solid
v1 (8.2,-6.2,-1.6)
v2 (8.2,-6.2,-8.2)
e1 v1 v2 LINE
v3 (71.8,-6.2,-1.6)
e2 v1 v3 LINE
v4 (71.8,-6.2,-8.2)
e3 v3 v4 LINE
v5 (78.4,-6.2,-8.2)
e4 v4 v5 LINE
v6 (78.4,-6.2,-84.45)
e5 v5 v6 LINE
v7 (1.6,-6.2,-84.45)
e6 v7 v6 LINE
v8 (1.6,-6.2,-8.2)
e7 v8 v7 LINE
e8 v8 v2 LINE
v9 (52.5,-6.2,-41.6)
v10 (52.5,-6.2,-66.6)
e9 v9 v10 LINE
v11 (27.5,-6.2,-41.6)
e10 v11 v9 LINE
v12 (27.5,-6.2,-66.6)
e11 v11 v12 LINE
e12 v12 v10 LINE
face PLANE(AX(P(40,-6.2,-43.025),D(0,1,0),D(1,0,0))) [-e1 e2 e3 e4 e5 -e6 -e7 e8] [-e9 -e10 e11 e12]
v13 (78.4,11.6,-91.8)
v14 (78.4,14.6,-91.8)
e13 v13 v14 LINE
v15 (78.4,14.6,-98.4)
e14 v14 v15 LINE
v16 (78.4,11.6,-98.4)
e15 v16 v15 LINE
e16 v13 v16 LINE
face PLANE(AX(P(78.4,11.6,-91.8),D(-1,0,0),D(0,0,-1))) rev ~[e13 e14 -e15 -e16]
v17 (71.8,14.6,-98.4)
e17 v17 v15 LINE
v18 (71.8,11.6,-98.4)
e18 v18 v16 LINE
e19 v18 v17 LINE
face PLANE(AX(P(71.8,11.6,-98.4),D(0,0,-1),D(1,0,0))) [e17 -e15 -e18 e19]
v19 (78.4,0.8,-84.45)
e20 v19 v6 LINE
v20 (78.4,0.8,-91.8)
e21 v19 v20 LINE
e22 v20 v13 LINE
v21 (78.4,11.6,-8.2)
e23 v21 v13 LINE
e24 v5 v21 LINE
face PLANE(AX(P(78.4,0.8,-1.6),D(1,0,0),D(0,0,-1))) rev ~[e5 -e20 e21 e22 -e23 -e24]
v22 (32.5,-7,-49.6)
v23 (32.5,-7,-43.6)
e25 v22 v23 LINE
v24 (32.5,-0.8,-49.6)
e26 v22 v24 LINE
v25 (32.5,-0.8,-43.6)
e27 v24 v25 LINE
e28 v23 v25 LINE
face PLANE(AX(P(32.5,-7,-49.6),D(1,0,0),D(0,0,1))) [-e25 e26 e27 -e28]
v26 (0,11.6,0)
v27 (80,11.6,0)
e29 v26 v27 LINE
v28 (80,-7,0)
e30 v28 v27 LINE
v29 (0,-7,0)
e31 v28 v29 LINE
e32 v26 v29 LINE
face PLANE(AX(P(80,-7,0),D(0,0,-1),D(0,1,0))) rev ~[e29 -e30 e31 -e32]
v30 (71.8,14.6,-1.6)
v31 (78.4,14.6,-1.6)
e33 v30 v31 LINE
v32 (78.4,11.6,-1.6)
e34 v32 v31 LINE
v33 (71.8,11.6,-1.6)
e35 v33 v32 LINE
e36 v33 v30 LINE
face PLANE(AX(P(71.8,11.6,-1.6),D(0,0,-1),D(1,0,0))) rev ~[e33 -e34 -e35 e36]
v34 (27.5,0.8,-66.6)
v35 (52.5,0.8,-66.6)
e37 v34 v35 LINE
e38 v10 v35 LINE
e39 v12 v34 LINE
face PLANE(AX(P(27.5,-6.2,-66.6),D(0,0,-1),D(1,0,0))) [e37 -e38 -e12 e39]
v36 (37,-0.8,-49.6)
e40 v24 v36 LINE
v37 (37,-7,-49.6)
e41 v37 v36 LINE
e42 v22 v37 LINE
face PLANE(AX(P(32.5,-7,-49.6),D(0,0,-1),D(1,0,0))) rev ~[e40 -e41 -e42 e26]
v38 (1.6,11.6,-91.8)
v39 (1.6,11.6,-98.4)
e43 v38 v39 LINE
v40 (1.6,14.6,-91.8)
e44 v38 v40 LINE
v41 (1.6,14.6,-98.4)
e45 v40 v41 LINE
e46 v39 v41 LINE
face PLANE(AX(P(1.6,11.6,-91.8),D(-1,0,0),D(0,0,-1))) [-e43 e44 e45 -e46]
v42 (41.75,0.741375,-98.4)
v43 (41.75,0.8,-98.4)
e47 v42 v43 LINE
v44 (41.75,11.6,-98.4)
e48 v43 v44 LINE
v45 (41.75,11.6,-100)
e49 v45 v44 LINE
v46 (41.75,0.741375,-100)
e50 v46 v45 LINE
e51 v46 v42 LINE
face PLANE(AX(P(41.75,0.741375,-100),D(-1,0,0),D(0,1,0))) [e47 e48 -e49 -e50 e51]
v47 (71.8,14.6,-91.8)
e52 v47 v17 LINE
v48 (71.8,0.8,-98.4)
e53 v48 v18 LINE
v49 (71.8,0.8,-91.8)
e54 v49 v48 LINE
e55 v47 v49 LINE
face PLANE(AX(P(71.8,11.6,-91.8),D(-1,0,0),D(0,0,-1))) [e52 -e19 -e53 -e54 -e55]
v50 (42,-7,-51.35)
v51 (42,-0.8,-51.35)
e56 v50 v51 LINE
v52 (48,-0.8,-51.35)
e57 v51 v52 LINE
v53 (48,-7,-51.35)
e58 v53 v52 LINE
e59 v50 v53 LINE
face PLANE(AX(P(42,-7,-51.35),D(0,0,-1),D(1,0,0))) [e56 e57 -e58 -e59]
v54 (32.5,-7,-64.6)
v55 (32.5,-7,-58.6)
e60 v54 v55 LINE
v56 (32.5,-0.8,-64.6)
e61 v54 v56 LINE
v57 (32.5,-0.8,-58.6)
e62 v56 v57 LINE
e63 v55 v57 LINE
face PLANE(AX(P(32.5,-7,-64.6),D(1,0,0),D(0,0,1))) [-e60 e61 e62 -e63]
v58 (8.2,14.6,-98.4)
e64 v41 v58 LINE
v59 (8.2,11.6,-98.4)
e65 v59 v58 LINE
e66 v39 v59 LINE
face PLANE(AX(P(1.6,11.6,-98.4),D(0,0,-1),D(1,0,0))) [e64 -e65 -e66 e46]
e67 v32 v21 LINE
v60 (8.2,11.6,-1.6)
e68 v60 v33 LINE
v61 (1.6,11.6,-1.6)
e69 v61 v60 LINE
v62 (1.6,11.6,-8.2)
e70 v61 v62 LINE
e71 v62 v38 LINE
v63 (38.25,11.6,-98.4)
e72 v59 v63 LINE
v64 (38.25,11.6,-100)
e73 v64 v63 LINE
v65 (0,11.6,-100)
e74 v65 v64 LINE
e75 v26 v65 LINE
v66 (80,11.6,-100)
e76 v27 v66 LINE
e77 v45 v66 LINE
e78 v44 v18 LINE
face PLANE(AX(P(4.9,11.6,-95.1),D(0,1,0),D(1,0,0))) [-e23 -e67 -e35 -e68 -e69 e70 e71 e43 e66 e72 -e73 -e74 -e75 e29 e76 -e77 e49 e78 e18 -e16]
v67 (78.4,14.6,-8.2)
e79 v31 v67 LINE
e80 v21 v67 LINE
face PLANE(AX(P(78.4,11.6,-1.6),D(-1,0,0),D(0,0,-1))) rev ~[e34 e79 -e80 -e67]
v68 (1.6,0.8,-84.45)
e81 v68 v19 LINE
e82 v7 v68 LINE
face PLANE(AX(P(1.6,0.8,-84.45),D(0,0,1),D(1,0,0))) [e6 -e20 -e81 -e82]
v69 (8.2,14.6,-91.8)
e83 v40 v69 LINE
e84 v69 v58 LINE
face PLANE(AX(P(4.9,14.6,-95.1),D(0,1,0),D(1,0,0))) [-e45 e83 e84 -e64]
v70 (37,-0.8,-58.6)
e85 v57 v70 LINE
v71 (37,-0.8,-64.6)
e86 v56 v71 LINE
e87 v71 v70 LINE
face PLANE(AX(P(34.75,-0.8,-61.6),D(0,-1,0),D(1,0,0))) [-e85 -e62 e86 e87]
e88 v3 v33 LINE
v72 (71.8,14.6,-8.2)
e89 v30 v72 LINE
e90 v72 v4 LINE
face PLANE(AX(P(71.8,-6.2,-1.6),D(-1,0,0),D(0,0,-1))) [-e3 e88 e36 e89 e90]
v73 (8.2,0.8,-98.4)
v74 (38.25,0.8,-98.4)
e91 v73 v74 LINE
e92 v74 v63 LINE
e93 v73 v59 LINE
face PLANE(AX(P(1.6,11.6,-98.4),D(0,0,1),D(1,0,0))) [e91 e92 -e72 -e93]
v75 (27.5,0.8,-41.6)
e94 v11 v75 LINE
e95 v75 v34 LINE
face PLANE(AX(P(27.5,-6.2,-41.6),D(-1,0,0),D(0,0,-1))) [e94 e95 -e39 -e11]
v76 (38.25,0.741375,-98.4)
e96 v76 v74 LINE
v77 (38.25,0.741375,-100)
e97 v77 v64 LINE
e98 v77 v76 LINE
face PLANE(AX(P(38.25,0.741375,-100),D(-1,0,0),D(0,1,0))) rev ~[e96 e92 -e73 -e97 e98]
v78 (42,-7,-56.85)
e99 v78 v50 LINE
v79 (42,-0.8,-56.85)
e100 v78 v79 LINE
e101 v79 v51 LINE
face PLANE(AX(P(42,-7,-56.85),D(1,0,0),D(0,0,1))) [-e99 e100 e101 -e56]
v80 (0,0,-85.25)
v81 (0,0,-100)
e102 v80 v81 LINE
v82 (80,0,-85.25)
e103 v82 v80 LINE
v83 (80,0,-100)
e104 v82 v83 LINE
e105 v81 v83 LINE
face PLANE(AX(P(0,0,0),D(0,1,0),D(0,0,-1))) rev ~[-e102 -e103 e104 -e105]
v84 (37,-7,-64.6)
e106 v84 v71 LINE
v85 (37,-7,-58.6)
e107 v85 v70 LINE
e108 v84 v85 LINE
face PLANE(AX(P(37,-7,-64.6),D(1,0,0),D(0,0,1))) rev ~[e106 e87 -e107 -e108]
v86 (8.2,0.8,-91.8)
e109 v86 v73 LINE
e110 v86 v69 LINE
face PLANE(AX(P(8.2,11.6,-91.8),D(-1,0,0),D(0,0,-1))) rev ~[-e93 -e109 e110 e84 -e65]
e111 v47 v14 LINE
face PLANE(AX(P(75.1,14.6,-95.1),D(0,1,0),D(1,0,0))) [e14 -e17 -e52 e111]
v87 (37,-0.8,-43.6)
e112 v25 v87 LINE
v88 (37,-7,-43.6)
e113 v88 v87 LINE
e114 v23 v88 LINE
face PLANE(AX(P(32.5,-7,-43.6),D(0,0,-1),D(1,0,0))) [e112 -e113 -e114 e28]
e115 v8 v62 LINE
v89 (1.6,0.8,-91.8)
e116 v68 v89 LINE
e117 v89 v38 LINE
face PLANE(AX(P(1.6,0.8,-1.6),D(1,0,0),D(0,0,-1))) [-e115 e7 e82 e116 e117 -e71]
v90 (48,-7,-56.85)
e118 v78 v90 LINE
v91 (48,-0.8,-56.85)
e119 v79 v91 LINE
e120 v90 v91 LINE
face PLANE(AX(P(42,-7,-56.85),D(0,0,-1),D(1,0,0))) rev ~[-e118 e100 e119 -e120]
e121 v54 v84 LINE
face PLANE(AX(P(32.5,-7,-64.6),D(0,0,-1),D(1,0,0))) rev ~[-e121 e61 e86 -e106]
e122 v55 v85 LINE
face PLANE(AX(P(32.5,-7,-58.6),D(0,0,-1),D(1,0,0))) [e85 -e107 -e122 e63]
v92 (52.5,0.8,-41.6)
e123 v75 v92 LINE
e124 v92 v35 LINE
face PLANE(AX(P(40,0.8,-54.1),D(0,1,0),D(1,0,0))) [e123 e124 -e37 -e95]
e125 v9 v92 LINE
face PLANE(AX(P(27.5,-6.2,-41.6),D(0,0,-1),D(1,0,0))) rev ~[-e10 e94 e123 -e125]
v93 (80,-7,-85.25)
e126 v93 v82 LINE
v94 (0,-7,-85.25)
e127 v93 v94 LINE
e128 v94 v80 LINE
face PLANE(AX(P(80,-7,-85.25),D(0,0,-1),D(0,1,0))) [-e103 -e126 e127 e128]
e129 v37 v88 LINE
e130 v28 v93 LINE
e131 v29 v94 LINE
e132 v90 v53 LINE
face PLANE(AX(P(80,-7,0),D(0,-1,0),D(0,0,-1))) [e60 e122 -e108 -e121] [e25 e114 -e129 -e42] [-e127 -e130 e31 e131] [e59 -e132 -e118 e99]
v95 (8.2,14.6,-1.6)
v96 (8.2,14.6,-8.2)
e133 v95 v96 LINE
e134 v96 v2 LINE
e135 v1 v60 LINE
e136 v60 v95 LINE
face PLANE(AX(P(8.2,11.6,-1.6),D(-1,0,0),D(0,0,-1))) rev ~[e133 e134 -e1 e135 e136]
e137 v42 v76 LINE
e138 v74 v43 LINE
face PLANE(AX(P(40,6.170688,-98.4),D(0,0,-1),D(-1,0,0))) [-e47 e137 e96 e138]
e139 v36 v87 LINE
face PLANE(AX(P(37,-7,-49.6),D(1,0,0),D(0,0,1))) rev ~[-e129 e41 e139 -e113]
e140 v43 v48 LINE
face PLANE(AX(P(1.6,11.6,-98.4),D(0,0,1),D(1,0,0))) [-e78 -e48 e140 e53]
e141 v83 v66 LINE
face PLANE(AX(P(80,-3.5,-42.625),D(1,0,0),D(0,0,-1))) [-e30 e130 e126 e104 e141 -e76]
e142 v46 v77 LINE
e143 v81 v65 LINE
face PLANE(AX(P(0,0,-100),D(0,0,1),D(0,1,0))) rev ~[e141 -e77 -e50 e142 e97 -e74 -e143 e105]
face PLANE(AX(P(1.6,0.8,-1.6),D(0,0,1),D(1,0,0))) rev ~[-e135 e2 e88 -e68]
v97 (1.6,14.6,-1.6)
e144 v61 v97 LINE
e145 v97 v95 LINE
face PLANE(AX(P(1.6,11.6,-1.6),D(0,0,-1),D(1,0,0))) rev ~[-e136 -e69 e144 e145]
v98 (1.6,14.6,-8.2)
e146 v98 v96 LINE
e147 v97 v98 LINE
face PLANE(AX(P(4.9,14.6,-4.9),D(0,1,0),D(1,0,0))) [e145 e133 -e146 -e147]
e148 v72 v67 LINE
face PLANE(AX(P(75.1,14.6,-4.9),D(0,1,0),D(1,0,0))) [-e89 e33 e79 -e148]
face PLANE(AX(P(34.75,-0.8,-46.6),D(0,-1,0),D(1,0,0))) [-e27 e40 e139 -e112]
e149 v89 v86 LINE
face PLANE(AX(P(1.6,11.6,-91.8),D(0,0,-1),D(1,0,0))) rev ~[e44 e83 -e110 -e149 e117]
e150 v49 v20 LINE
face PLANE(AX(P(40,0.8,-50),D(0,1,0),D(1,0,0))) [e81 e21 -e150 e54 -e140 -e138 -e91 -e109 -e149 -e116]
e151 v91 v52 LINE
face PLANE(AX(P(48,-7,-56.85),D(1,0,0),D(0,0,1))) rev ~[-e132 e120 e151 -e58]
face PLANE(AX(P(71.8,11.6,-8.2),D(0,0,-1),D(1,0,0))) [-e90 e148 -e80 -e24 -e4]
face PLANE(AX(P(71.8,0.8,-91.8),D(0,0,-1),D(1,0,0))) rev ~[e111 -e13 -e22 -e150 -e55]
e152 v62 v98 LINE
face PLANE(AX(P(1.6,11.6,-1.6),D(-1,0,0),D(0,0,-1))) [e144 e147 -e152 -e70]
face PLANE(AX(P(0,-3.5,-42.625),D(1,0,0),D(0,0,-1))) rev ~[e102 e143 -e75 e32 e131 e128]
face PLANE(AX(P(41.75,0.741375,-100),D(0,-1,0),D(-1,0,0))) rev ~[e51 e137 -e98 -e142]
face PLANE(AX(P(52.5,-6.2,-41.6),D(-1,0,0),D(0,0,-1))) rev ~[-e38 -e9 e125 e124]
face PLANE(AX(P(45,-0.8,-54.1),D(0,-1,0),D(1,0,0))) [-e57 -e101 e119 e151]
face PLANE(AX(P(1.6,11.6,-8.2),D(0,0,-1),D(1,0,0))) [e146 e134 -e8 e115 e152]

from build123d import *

# Parameters (mm, degrees)
SKETCH5_W           = 100
SKETCH5_H           = 11.6
BOSS_EXTRUDE3_DEPTH = 80
SKETCH6_W           = 85.25
SKETCH6_H           = 7
BOSS_EXTRUDE4_DEPTH = 80
SKETCH7_W           = 76.8
SKETCH7_H           = 96.8
CUT_EXTRUDE1_DEPTH  = 10.8
SKETCH8_W           = 76.8
SKETCH8_H           = 82.85
CUT_EXTRUDE2_DEPTH  = 7
SKETCH10_W          = 6.6
SKETCH10_H          = 6.6
BOSS_EXTRUDE5_DEPTH = 17.8
SKETCH12_W          = 6.6
SKETCH12_H          = 6.6
BOSS_EXTRUDE6_DEPTH = 10.8
SKETCH15_W          = 3.5
SKETCH15_H          = 10.858624792
CUT_EXTRUDE4_DEPTH  = 1.6
SKETCH16_W          = 6.6
SKETCH16_H          = 6.6
BOSS_EXTRUDE8_DEPTH = 3
SKETCH18_W          = 25
SKETCH18_H          = 25
BOSS_EXTRUDE9_DEPTH = 7
SKETCH19_W          = 4.5
SKETCH19_H          = 6
SKETCH19_W_2        = 6
SKETCH19_H_2        = 5.5
CUT_EXTRUDE5_DEPTH  = 6.2


with BuildPart() as part:
    # Sketch5 → Boss-Extrude3 (new body)
    with BuildSketch(Plane(origin=(0, 0, 0), x_dir=(0, 0, -1), z_dir=(1, 0, 0))):
        with Locations((50, 5.8)):
            Rectangle(SKETCH5_W, SKETCH5_H)
    extrude(amount=BOSS_EXTRUDE3_DEPTH)

    # Sketch7 → Cut-Extrude1 (cut)
    with BuildSketch(Plane(origin=(0, 11.6, 0), x_dir=(1, 0, 0), z_dir=(0, 1, 0))):
        with Locations((40, 50)):
            Rectangle(SKETCH7_W, SKETCH7_H)
    extrude(amount=-CUT_EXTRUDE1_DEPTH, mode=Mode.SUBTRACT)


with BuildPart() as body_2:
    # Sketch6 → Boss-Extrude4 (new body)
    with BuildSketch(Plane(origin=(80, 0, 0), x_dir=(0, 0, -1), z_dir=(1, 0, 0))):
        with Locations((42.625, -3.5)):
            Rectangle(SKETCH6_W, SKETCH6_H)
    extrude(amount=-BOSS_EXTRUDE4_DEPTH)


with BuildPart() as cut_extrude2_tool:
    # Sketch8 → Cut-Extrude2 (new body)
    with BuildSketch(Plane(origin=(0, 0.8, 0), x_dir=(1, 0, 0), z_dir=(0, 1, 0))):
        with Locations((40, 43.025)):
            Rectangle(SKETCH8_W, SKETCH8_H)
    extrude(amount=-CUT_EXTRUDE2_DEPTH)


with BuildPart() as part_1:
    add(part.part)

    # Cut-Extrude2: cut by cut_extrude2_tool
    add(cut_extrude2_tool.part, mode=Mode.SUBTRACT)



with BuildPart() as body_2_1:
    add(body_2.part)

    # Cut-Extrude2: cut by cut_extrude2_tool
    add(cut_extrude2_tool.part, mode=Mode.SUBTRACT)


with BuildPart() as part_2:
    add(part_1.part)

    add(body_2_1.part)  # Boss-Extrude5 merges body 2
    # Sketch10 → Boss-Extrude5 (add)
    with BuildSketch(Plane(origin=(0, -6.2, 0), x_dir=(1, 0, 0), z_dir=(0, 1, 0))):
        with Locations((4.9, 4.9)):
            Rectangle(SKETCH10_W, SKETCH10_H)
        with Locations((75.1, 4.9)):
            Rectangle(SKETCH10_W, SKETCH10_H)
    extrude(amount=BOSS_EXTRUDE5_DEPTH)

    # Sketch12 → Boss-Extrude6 (add)
    with BuildSketch(Plane(origin=(0, 0.8, 0), x_dir=(1, 0, 0), z_dir=(0, 1, 0))):
        with Locations((4.9, 95.1)):
            Rectangle(SKETCH12_W, SKETCH12_H)
        with Locations((75.1, 95.1)):
            Rectangle(SKETCH12_W, SKETCH12_H)
    extrude(amount=BOSS_EXTRUDE6_DEPTH)

    # Sketch15 → Cut-Extrude4 (cut)
    with BuildSketch(Plane(origin=(0, 0, -100), x_dir=(-1, 0, 0), z_dir=(0, 0, -1))):
        with Locations((-40, 6.170687604)):
            Rectangle(SKETCH15_W, SKETCH15_H)
    extrude(amount=-CUT_EXTRUDE4_DEPTH, mode=Mode.SUBTRACT)

    # Sketch16 → Boss-Extrude8 (add)
    with BuildSketch(Plane(origin=(0, 11.6, 0), x_dir=(1, 0, 0), z_dir=(0, 1, 0))):
        with Locations((4.9, 95.1)):
            Rectangle(SKETCH16_W, SKETCH16_H)
        with Locations((75.1, 4.9)):
            Rectangle(SKETCH16_W, SKETCH16_H)
        with Locations((4.9, 4.9)):
            Rectangle(SKETCH16_W, SKETCH16_H)
        with Locations((75.1, 95.1)):
            Rectangle(SKETCH16_W, SKETCH16_H)
    extrude(amount=BOSS_EXTRUDE8_DEPTH)

    # Sketch18 → Boss-Extrude9 (add)
    with BuildSketch(Plane(origin=(0, -6.2, 0), x_dir=(1, 0, 0), z_dir=(0, 1, 0))):
        with Locations((40, 54.1)):
            Rectangle(SKETCH18_W, SKETCH18_H)
    extrude(amount=BOSS_EXTRUDE9_DEPTH)

    # Sketch19 → Cut-Extrude5 (cut)
    with BuildSketch(Plane.XZ.offset(7)):
        with Locations((34.75, -46.6)):
            Rectangle(SKETCH19_W, SKETCH19_H)
        with Locations((34.75, -61.6)):
            Rectangle(SKETCH19_W, SKETCH19_H)
        with Locations((45, -54.1)):
            Rectangle(SKETCH19_W_2, SKETCH19_H_2)
    extrude(amount=-CUT_EXTRUDE5_DEPTH, mode=Mode.SUBTRACT)


solid = part_2.part
